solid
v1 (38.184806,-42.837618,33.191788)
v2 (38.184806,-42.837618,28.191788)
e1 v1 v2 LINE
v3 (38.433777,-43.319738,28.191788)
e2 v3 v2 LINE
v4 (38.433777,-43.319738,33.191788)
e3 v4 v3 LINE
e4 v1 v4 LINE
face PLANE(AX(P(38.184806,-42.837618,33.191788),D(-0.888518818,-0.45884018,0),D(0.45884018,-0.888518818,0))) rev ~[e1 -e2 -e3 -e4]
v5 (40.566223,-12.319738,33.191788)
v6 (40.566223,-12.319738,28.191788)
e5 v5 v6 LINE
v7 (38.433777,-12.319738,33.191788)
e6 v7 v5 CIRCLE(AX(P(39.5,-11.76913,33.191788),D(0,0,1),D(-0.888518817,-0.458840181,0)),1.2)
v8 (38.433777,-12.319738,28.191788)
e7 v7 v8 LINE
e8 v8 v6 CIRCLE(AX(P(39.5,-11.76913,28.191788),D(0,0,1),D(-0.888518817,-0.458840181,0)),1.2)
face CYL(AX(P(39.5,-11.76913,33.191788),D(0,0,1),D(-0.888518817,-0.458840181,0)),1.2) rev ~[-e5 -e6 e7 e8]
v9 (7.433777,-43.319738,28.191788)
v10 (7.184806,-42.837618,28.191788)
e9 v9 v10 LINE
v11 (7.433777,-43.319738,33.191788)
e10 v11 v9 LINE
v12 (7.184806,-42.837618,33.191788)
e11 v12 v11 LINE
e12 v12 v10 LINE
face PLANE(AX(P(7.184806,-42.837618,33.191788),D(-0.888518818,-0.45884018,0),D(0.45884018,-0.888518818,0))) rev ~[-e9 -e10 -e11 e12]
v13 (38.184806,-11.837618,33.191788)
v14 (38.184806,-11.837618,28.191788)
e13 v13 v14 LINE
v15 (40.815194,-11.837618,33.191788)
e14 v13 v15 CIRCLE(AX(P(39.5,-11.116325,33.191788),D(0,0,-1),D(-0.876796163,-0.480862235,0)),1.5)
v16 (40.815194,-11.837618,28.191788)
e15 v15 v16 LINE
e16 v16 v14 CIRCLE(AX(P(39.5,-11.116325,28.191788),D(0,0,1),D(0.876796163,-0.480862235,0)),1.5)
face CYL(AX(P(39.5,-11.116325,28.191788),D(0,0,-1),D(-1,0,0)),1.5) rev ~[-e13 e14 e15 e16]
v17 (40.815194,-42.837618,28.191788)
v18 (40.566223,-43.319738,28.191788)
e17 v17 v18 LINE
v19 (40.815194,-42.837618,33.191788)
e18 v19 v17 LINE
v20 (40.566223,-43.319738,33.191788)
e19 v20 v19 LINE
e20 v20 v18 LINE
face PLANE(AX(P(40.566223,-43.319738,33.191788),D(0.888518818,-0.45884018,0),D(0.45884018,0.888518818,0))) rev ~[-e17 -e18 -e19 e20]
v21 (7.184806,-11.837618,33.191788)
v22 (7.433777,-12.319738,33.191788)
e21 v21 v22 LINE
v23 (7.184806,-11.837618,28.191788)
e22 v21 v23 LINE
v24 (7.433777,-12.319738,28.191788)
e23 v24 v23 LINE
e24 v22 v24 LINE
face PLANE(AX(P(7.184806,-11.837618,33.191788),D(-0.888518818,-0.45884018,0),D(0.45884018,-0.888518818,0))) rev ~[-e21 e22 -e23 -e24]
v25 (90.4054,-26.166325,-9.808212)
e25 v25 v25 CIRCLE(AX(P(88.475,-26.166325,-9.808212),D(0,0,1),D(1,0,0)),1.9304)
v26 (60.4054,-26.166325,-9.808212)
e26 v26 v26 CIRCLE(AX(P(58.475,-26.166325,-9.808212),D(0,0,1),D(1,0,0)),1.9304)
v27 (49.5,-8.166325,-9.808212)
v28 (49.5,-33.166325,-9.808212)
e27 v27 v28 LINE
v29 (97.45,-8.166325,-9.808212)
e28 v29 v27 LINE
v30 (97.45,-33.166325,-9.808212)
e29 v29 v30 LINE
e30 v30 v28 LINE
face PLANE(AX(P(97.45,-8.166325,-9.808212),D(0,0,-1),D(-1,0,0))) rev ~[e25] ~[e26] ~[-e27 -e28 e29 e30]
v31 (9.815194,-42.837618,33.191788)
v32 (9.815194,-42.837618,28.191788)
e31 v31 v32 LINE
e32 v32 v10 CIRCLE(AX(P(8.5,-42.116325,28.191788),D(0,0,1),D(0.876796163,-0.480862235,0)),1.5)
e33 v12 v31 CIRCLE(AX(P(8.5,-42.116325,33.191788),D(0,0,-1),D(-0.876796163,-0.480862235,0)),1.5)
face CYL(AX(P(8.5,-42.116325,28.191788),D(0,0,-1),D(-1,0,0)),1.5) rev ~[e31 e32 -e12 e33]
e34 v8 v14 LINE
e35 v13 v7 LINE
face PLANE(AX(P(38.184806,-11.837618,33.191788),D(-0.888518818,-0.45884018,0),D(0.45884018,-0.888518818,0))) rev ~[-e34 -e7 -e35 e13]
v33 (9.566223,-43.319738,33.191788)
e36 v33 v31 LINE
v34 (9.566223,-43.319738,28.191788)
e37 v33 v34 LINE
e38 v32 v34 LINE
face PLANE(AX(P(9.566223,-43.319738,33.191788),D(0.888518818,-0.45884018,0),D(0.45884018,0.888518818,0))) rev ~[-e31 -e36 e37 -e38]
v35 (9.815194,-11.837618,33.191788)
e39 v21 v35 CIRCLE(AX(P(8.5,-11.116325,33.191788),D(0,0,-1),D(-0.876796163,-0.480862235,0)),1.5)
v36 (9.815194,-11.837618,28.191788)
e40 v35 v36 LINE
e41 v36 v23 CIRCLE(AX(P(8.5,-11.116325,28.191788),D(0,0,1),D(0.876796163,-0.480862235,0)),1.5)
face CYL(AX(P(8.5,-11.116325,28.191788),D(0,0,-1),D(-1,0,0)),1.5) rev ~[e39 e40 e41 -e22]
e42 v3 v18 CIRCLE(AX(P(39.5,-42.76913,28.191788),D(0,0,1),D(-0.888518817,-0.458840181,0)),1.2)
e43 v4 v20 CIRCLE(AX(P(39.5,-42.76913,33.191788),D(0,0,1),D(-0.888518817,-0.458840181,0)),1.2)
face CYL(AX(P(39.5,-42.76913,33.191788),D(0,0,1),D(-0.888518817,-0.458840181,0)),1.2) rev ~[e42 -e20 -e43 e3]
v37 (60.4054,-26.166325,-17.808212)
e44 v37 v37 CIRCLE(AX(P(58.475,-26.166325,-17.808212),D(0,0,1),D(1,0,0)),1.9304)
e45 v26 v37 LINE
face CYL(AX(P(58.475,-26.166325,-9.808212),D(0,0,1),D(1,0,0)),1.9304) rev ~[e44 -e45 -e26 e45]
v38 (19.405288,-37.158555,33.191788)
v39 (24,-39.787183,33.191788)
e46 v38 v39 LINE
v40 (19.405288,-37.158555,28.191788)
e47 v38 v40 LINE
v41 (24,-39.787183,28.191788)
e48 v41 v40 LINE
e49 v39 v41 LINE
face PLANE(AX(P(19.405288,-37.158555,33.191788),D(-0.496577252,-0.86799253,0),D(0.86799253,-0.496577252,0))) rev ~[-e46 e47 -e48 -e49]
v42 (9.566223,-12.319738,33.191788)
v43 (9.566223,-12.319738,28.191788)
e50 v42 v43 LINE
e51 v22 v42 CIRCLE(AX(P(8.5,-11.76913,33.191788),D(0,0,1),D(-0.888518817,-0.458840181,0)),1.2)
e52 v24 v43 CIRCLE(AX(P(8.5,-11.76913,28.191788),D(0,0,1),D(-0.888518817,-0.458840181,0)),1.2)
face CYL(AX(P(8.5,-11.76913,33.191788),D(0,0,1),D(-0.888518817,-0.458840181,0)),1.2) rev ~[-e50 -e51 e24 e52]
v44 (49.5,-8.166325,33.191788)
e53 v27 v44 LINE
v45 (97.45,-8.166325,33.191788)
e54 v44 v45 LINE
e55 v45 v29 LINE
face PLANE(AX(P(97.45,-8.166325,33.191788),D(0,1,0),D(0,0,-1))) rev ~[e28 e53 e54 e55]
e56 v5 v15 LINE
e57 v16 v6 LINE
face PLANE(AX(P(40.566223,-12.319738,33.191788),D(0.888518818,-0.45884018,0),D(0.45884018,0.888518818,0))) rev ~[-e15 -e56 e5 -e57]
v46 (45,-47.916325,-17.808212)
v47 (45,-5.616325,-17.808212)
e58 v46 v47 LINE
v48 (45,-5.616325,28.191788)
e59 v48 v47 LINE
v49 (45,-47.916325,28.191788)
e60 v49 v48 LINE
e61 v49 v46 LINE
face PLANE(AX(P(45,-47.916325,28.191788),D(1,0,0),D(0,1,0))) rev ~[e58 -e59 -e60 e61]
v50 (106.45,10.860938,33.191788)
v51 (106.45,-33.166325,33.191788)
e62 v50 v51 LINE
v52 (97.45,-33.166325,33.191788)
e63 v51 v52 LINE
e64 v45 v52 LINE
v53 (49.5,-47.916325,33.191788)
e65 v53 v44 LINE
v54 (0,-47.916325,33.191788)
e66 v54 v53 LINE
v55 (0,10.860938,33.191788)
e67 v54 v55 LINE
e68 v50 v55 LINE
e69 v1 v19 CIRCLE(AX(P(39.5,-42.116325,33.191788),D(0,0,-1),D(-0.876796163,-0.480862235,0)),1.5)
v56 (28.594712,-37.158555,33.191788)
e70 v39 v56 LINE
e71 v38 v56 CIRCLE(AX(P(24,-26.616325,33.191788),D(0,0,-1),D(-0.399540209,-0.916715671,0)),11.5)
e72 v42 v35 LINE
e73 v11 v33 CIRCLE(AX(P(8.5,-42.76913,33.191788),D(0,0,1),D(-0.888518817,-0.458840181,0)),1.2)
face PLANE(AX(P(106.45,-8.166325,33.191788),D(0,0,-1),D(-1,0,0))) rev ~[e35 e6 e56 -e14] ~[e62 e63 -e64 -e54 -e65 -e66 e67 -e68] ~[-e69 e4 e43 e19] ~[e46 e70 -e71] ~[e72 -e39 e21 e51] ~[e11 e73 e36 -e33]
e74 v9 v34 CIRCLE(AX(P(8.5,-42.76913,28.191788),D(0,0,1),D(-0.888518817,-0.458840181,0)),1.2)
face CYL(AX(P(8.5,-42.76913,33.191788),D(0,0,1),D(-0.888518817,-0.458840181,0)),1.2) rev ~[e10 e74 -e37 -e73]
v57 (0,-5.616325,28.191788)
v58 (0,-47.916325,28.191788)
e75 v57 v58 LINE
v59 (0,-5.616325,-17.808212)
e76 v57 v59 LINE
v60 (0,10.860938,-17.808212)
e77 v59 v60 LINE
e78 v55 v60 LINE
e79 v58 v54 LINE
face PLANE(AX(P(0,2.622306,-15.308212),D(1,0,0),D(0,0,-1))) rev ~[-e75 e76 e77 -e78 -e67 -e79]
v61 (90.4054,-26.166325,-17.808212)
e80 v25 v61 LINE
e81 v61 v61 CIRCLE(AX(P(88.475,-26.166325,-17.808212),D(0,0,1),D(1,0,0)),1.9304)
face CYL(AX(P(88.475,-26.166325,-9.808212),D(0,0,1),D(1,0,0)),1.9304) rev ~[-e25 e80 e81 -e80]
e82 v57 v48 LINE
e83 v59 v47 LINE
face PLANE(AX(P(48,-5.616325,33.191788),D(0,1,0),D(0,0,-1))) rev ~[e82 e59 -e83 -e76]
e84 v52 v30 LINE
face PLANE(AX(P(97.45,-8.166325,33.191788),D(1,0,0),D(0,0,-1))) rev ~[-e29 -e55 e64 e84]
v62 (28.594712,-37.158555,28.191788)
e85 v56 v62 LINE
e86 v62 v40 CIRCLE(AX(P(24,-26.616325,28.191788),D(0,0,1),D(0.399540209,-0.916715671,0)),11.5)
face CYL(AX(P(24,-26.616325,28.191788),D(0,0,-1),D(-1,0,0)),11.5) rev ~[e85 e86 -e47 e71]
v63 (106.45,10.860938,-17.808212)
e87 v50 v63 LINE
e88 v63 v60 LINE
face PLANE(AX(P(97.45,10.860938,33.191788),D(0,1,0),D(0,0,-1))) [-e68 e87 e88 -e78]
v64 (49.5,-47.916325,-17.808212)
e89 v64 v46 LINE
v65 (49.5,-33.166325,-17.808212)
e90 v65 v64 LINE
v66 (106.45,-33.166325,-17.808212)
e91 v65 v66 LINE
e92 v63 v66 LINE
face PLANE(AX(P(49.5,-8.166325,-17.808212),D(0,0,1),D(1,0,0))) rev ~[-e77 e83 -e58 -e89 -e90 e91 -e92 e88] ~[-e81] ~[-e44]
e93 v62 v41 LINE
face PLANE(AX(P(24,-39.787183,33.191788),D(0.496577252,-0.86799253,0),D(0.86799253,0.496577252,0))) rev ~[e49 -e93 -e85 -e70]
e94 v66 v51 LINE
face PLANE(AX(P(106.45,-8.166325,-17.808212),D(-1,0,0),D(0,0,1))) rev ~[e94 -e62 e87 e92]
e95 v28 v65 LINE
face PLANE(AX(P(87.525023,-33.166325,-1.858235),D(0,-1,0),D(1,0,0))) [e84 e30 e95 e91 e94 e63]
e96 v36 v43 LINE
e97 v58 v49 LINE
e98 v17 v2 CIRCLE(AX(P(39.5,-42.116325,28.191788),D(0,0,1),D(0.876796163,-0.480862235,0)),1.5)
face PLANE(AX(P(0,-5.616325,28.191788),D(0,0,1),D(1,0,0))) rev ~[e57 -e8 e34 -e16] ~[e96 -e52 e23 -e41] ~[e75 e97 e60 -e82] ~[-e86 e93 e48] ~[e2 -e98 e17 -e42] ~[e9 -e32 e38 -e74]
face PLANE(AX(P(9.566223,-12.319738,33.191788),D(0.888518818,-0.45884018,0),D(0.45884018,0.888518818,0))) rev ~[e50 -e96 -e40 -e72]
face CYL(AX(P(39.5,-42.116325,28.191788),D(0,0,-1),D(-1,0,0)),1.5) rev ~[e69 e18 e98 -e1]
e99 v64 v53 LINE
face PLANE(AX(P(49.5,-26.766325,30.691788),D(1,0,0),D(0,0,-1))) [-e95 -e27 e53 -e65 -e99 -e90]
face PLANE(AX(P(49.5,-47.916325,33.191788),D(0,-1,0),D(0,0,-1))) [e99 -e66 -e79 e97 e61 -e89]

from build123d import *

# Parameters (mm, degrees)
SKETCH1_W            = 48
SKETCH1_H            = 53
BOSS_EXTRUDE1_DEPTH  = 10
SKETCH2_W            = 48
SKETCH2_H            = 5.616325
BOSS_EXTRUDE2_DEPTH  = 33.1917878
SKETCH4_W            = 4
SKETCH4_H            = 10
BOSS_EXTRUDE4_DEPTH  = 40
SKETCH5_W            = 48
SKETCH5_H            = 10.8609375
BOSS_EXTRUDE5_DEPTH  = 23.1917878
SKETCH6_W            = 48
SKETCH6_H            = 5
BOSS_EXTRUDE6_DEPTH  = 42.3
SKETCH7_W            = 12.8082122
SKETCH7_H            = 16.4772625
BOSS_EXTRUDE7_DEPTH  = 48
CUT_EXTRUDE1_REACH   = 84.426
SKETCH8_R            = 11.5
SKETCH8_R_2          = 1.5
FILLET1_R            = 10
FILLET2_R            = 4
SKETCH9_W            = 5
SKETCH9_H            = 16.4772625
BOSS_EXTRUDE9_DEPTH  = 48
CUT_EXTRUDE2_DEPTH   = 88.252507127
SKETCH11_W           = 51
SKETCH11_H           = 16.4772625
BOSS_EXTRUDE10_DEPTH = 49.45
BOSS_EXTRUDE11_DEPTH = 46
SKETCH16_W           = 47.95
SKETCH16_H           = 51
BOSS_EXTRUDE14_DEPTH = 2.55
SKETCH14_W           = 5
SKETCH14_H           = 42.3
BOSS_EXTRUDE13_DEPTH = 1.5
SKETCH17_W           = 51
SKETCH17_H           = 19.0272625
BOSS_EXTRUDE15_DEPTH = 9
BOSS_EXTRUDE16_DEPTH = 25
SKETCH19_R           = 1.9304
CUT_EXTRUDE3_DEPTH   = 125.404890183
CUT_EXTRUDE4_REACH   = 129.391


with BuildPart() as part:
    # Sketch1 → Boss-Extrude1 (new body)
    with BuildSketch(Plane.XY):
        with Locations((24, 26.5)):
            Rectangle(SKETCH1_W, SKETCH1_H)
    extrude(amount=BOSS_EXTRUDE1_DEPTH)

    # Sketch2 → Boss-Extrude2 (add)
    with BuildSketch(Plane(origin=(0, 0, 0), x_dir=(-1, 0, 0), z_dir=(0, 0, -1))):
        with Locations((-24, -2.8081625)):
            Rectangle(SKETCH2_W, SKETCH2_H)
    extrude(amount=-BOSS_EXTRUDE2_DEPTH)

    # Sketch4 → Boss-Extrude4 (add)
    with BuildSketch(Plane.XY.offset(10)):
        with Locations((2, 48)):
            Rectangle(SKETCH4_W, SKETCH4_H)
        with Locations((46, 48)):
            Rectangle(SKETCH4_W, SKETCH4_H)
    extrude(amount=BOSS_EXTRUDE4_DEPTH)

    # Sketch5 → Boss-Extrude5 (add)
    with BuildSketch(Plane.XY.offset(10)):
        with Locations((24, 5.43046875)):
            Rectangle(SKETCH5_W, SKETCH5_H)
    extrude(amount=BOSS_EXTRUDE5_DEPTH)

    # Sketch6 → Boss-Extrude6 (add)
    with BuildSketch(Plane.XZ.offset(5.616325)):
        with Locations((24, 30.6917878)):
            Rectangle(SKETCH6_W, SKETCH6_H)
    extrude(amount=BOSS_EXTRUDE6_DEPTH)

    # Sketch7 → Boss-Extrude7 (add)
    with BuildSketch(Plane.ZY):
        with Locations((-6.4041061, 2.62230625)):
            Rectangle(SKETCH7_W, SKETCH7_H)
    extrude(amount=-BOSS_EXTRUDE7_DEPTH)

    # Sketch8 → Cut-Extrude1 (cut, up to next)
    with BuildSketch(Plane(origin=(0, 0, 28.1917878), x_dir=(-1, 0, 0), z_dir=(0, 0, -1)), mode=Mode.PRIVATE) as cut_extrude1_sk1:
        with Locations((-24, -26.616325)):
            Circle(SKETCH8_R)
    cut_extrude1_tool1 = extrude(cut_extrude1_sk1.sketch, amount=-CUT_EXTRUDE1_REACH, mode=Mode.PRIVATE) & part.part
    # Sketch8 → Cut-Extrude1 (cut, up to next)
    with BuildSketch(Plane(origin=(0, 0, 28.1917878), x_dir=(-1, 0, 0), z_dir=(0, 0, -1)), mode=Mode.PRIVATE) as cut_extrude1_sk2:
        with Locations((-39.5, -11.116325)):
            Circle(SKETCH8_R_2)
    cut_extrude1_tool2 = extrude(cut_extrude1_sk2.sketch, amount=-CUT_EXTRUDE1_REACH, mode=Mode.PRIVATE) & part.part
    # Sketch8 → Cut-Extrude1 (cut, up to next)
    with BuildSketch(Plane(origin=(0, 0, 28.1917878), x_dir=(-1, 0, 0), z_dir=(0, 0, -1)), mode=Mode.PRIVATE) as cut_extrude1_sk3:
        with Locations((-39.5, -42.116325)):
            Circle(SKETCH8_R_2)
    cut_extrude1_tool3 = extrude(cut_extrude1_sk3.sketch, amount=-CUT_EXTRUDE1_REACH, mode=Mode.PRIVATE) & part.part
    # Sketch8 → Cut-Extrude1 (cut, up to next)
    with BuildSketch(Plane(origin=(0, 0, 28.1917878), x_dir=(-1, 0, 0), z_dir=(0, 0, -1)), mode=Mode.PRIVATE) as cut_extrude1_sk4:
        with Locations((-8.5, -11.116325)):
            Circle(SKETCH8_R_2)
    cut_extrude1_tool4 = extrude(cut_extrude1_sk4.sketch, amount=-CUT_EXTRUDE1_REACH, mode=Mode.PRIVATE) & part.part
    # Sketch8 → Cut-Extrude1 (cut, up to next)
    with BuildSketch(Plane(origin=(0, 0, 28.1917878), x_dir=(-1, 0, 0), z_dir=(0, 0, -1)), mode=Mode.PRIVATE) as cut_extrude1_sk5:
        with Locations((-8.5, -42.116325)):
            Circle(SKETCH8_R_2)
    cut_extrude1_tool5 = extrude(cut_extrude1_sk5.sketch, amount=-CUT_EXTRUDE1_REACH, mode=Mode.PRIVATE) & part.part
    add(cut_extrude1_tool1.solids().sort_by_distance((24, -26.616325, 28.191788))[0], mode=Mode.SUBTRACT)
    add(cut_extrude1_tool2.solids().sort_by_distance((39.5, -11.116325, 28.191788))[0], mode=Mode.SUBTRACT)
    add(cut_extrude1_tool3.solids().sort_by_distance((39.5, -42.116325, 28.191788))[0], mode=Mode.SUBTRACT)
    add(cut_extrude1_tool4.solids().sort_by_distance((8.5, -11.116325, 28.191788))[0], mode=Mode.SUBTRACT)
    add(cut_extrude1_tool5.solids().sort_by_distance((8.5, -42.116325, 28.191788))[0], mode=Mode.SUBTRACT)

    # Fillet1
    fillet1_edges = [part.edges().sort_by_distance(p)[0] for p in [
        (24, 10.8609375, 0),
    ]]
    fillet(fillet1_edges, radius=FILLET1_R)

    # Fillet2
    fillet2_edges = [part.edges().sort_by_distance(p)[0] for p in [
        (2, 43, 10),
        (46, 43, 10),
    ]]
    fillet(fillet2_edges, radius=FILLET2_R)

    # Sketch9 → Boss-Extrude9 (add)
    with BuildSketch(Plane(origin=(48, 0, 0), x_dir=(0, 0, -1), z_dir=(1, 0, 0))):
        with Locations((15.3082122, 2.62230625)):
            Rectangle(SKETCH9_W, SKETCH9_H)
    extrude(amount=-BOSS_EXTRUDE9_DEPTH)

    # Sketch10 → Cut-Extrude2 (cut, through all)
    with BuildSketch(Plane(origin=(48, 0, 0), x_dir=(0, 0, -1), z_dir=(1, 0, 0))):
        Polygon((17.8082122, 10.8609375), (-33.1917878, 10.8609375), (-76.887145623, 43.902095521), (-50.794096938, 74.436514195), (27.207463492, 71.105486703), align=None)
    extrude(amount=-CUT_EXTRUDE2_DEPTH, mode=Mode.SUBTRACT)

    # Sketch11 → Boss-Extrude10 (add)
    with BuildSketch(Plane(origin=(48, 0, 0), x_dir=(0, 0, -1), z_dir=(1, 0, 0))):
        with Locations((-7.6917878, 2.62230625)):
            Rectangle(SKETCH11_W, SKETCH11_H)
    extrude(amount=BOSS_EXTRUDE10_DEPTH)

    # Sketch12 → Boss-Extrude11 (add)
    with BuildSketch(Plane(origin=(0, 0, 28.1917878), x_dir=(-1, 0, 0), z_dir=(0, 0, -1))):
        Polygon((-48, -47.916325), (-45, -47.916325), (-45, -5.616325), (-49.5, -5.616325), (-49.5, -47.916325), align=None)
    extrude(amount=BOSS_EXTRUDE11_DEPTH)

    # Sketch16 → Boss-Extrude14 (add)
    with BuildSketch(Plane.XZ.offset(5.616325)):
        with Locations((73.475, 7.6917878)):
            Rectangle(SKETCH16_W, SKETCH16_H)
    extrude(amount=BOSS_EXTRUDE14_DEPTH)

    # Sketch14 → Boss-Extrude13 (add)
    with BuildSketch(Plane(origin=(49.5, 0, 0), x_dir=(0, 0, -1), z_dir=(1, 0, 0))):
        with Locations((-30.6917878, -26.766325)):
            Rectangle(SKETCH14_W, SKETCH14_H)
    extrude(amount=-BOSS_EXTRUDE13_DEPTH)

    # Sketch17 → Boss-Extrude15 (add)
    with BuildSketch(Plane(origin=(97.45, 0, 0), x_dir=(0, 0, -1), z_dir=(1, 0, 0))):
        with Locations((-7.6917878, 1.34730625)):
            Rectangle(SKETCH17_W, SKETCH17_H)
    extrude(amount=BOSS_EXTRUDE15_DEPTH)

    # Sketch18 → Boss-Extrude16 (add)
    with BuildSketch(Plane.XZ.offset(8.166325)):
        Polygon((49.5, -17.8082122), (106.45, -17.8082122), (106.45, -9.8082122), (106.45, 33.1917878), (97.45, 33.1917878), (97.45, -9.8082122), (49.5, -9.8082122), align=None)
    extrude(amount=BOSS_EXTRUDE16_DEPTH)

    # Sketch19 → Cut-Extrude3 (cut, through all)
    with BuildSketch(Plane.XY.offset(-9.8082122)):
        with Locations((58.475, -26.166325)):
            Circle(SKETCH19_R)
        with Locations((88.475, -26.166325)):
            Circle(SKETCH19_R)
    extrude(amount=-CUT_EXTRUDE3_DEPTH, mode=Mode.SUBTRACT)

    # Sketch20 → Cut-Extrude4 (cut, up to next)
    with BuildSketch(Plane.XY.offset(33.1917878), mode=Mode.PRIVATE) as cut_extrude4_sk1:
        with BuildLine():
            Line((7.184805756, -11.837618352), (7.433777419, -12.319738309))
            ThreePointArc((7.433777419, -12.319738309), (8.5, -12.969130092), (9.566222581, -12.319738309))
            Line((9.566222581, -12.319738309), (9.815194244, -11.837618352))
            ThreePointArc((9.815194244, -11.837618352), (8.5, -12.616325), (7.184805756, -11.837618352))
        make_face()
    cut_extrude4_tool1 = extrude(cut_extrude4_sk1.sketch, amount=-CUT_EXTRUDE4_REACH, mode=Mode.PRIVATE) & part.part
    # Sketch20 → Cut-Extrude4 (cut, up to next)
    with BuildSketch(Plane.XY.offset(33.1917878), mode=Mode.PRIVATE) as cut_extrude4_sk2:
        with BuildLine():
            Line((7.184805756, -42.837618352), (7.433777419, -43.319738309))
            ThreePointArc((7.433777419, -43.319738309), (8.5, -43.969130092), (9.566222581, -43.319738309))
            Line((9.566222581, -43.319738309), (9.815194244, -42.837618352))
            ThreePointArc((9.815194244, -42.837618352), (8.5, -43.616325), (7.184805756, -42.837618352))
        make_face()
    cut_extrude4_tool2 = extrude(cut_extrude4_sk2.sketch, amount=-CUT_EXTRUDE4_REACH, mode=Mode.PRIVATE) & part.part
    # Sketch20 → Cut-Extrude4 (cut, up to next)
    with BuildSketch(Plane.XY.offset(33.1917878), mode=Mode.PRIVATE) as cut_extrude4_sk3:
        with BuildLine():
            Line((38.184805756, -42.837618352), (38.433777419, -43.319738309))
            ThreePointArc((38.433777419, -43.319738309), (39.5, -43.969130092), (40.566222581, -43.319738309))
            Line((40.566222581, -43.319738309), (40.815194244, -42.837618352))
            ThreePointArc((40.815194244, -42.837618352), (39.5, -43.616325), (38.184805756, -42.837618352))
        make_face()
    cut_extrude4_tool3 = extrude(cut_extrude4_sk3.sketch, amount=-CUT_EXTRUDE4_REACH, mode=Mode.PRIVATE) & part.part
    # Sketch20 → Cut-Extrude4 (cut, up to next)
    with BuildSketch(Plane.XY.offset(33.1917878), mode=Mode.PRIVATE) as cut_extrude4_sk4:
        with BuildLine():
            Line((38.184805756, -11.837618352), (38.433777419, -12.319738309))
            ThreePointArc((38.433777419, -12.319738309), (39.5, -12.969130092), (40.566222581, -12.319738309))
            Line((40.566222581, -12.319738309), (40.815194244, -11.837618352))
            ThreePointArc((40.815194244, -11.837618352), (39.5, -12.616325), (38.184805756, -11.837618352))
        make_face()
    cut_extrude4_tool4 = extrude(cut_extrude4_sk4.sketch, amount=-CUT_EXTRUDE4_REACH, mode=Mode.PRIVATE) & part.part
    # Sketch20 → Cut-Extrude4 (cut, up to next)
    with BuildSketch(Plane.XY.offset(33.1917878), mode=Mode.PRIVATE) as cut_extrude4_sk5:
        with BuildLine():
            Line((19.405287598, -37.158555217), (24, -39.787183437))
            Line((24, -39.787183437), (28.594712402, -37.158555217))
            ThreePointArc((28.594712402, -37.158555217), (24, -38.116325), (19.405287598, -37.158555217))
        make_face()
    cut_extrude4_tool5 = extrude(cut_extrude4_sk5.sketch, amount=-CUT_EXTRUDE4_REACH, mode=Mode.PRIVATE) & part.part
    add(cut_extrude4_tool1.solids().sort_by_distance((8.5, -12.63481, 33.191788))[0], mode=Mode.SUBTRACT)
    add(cut_extrude4_tool2.solids().sort_by_distance((8.5, -43.63481, 33.191788))[0], mode=Mode.SUBTRACT)
    add(cut_extrude4_tool3.solids().sort_by_distance((39.5, -43.63481, 33.191788))[0], mode=Mode.SUBTRACT)
    add(cut_extrude4_tool4.solids().sort_by_distance((39.5, -12.63481, 33.191788))[0], mode=Mode.SUBTRACT)
    add(cut_extrude4_tool5.solids().sort_by_distance((24, -38.507203, 33.191788))[0], mode=Mode.SUBTRACT)


solid = part.part
